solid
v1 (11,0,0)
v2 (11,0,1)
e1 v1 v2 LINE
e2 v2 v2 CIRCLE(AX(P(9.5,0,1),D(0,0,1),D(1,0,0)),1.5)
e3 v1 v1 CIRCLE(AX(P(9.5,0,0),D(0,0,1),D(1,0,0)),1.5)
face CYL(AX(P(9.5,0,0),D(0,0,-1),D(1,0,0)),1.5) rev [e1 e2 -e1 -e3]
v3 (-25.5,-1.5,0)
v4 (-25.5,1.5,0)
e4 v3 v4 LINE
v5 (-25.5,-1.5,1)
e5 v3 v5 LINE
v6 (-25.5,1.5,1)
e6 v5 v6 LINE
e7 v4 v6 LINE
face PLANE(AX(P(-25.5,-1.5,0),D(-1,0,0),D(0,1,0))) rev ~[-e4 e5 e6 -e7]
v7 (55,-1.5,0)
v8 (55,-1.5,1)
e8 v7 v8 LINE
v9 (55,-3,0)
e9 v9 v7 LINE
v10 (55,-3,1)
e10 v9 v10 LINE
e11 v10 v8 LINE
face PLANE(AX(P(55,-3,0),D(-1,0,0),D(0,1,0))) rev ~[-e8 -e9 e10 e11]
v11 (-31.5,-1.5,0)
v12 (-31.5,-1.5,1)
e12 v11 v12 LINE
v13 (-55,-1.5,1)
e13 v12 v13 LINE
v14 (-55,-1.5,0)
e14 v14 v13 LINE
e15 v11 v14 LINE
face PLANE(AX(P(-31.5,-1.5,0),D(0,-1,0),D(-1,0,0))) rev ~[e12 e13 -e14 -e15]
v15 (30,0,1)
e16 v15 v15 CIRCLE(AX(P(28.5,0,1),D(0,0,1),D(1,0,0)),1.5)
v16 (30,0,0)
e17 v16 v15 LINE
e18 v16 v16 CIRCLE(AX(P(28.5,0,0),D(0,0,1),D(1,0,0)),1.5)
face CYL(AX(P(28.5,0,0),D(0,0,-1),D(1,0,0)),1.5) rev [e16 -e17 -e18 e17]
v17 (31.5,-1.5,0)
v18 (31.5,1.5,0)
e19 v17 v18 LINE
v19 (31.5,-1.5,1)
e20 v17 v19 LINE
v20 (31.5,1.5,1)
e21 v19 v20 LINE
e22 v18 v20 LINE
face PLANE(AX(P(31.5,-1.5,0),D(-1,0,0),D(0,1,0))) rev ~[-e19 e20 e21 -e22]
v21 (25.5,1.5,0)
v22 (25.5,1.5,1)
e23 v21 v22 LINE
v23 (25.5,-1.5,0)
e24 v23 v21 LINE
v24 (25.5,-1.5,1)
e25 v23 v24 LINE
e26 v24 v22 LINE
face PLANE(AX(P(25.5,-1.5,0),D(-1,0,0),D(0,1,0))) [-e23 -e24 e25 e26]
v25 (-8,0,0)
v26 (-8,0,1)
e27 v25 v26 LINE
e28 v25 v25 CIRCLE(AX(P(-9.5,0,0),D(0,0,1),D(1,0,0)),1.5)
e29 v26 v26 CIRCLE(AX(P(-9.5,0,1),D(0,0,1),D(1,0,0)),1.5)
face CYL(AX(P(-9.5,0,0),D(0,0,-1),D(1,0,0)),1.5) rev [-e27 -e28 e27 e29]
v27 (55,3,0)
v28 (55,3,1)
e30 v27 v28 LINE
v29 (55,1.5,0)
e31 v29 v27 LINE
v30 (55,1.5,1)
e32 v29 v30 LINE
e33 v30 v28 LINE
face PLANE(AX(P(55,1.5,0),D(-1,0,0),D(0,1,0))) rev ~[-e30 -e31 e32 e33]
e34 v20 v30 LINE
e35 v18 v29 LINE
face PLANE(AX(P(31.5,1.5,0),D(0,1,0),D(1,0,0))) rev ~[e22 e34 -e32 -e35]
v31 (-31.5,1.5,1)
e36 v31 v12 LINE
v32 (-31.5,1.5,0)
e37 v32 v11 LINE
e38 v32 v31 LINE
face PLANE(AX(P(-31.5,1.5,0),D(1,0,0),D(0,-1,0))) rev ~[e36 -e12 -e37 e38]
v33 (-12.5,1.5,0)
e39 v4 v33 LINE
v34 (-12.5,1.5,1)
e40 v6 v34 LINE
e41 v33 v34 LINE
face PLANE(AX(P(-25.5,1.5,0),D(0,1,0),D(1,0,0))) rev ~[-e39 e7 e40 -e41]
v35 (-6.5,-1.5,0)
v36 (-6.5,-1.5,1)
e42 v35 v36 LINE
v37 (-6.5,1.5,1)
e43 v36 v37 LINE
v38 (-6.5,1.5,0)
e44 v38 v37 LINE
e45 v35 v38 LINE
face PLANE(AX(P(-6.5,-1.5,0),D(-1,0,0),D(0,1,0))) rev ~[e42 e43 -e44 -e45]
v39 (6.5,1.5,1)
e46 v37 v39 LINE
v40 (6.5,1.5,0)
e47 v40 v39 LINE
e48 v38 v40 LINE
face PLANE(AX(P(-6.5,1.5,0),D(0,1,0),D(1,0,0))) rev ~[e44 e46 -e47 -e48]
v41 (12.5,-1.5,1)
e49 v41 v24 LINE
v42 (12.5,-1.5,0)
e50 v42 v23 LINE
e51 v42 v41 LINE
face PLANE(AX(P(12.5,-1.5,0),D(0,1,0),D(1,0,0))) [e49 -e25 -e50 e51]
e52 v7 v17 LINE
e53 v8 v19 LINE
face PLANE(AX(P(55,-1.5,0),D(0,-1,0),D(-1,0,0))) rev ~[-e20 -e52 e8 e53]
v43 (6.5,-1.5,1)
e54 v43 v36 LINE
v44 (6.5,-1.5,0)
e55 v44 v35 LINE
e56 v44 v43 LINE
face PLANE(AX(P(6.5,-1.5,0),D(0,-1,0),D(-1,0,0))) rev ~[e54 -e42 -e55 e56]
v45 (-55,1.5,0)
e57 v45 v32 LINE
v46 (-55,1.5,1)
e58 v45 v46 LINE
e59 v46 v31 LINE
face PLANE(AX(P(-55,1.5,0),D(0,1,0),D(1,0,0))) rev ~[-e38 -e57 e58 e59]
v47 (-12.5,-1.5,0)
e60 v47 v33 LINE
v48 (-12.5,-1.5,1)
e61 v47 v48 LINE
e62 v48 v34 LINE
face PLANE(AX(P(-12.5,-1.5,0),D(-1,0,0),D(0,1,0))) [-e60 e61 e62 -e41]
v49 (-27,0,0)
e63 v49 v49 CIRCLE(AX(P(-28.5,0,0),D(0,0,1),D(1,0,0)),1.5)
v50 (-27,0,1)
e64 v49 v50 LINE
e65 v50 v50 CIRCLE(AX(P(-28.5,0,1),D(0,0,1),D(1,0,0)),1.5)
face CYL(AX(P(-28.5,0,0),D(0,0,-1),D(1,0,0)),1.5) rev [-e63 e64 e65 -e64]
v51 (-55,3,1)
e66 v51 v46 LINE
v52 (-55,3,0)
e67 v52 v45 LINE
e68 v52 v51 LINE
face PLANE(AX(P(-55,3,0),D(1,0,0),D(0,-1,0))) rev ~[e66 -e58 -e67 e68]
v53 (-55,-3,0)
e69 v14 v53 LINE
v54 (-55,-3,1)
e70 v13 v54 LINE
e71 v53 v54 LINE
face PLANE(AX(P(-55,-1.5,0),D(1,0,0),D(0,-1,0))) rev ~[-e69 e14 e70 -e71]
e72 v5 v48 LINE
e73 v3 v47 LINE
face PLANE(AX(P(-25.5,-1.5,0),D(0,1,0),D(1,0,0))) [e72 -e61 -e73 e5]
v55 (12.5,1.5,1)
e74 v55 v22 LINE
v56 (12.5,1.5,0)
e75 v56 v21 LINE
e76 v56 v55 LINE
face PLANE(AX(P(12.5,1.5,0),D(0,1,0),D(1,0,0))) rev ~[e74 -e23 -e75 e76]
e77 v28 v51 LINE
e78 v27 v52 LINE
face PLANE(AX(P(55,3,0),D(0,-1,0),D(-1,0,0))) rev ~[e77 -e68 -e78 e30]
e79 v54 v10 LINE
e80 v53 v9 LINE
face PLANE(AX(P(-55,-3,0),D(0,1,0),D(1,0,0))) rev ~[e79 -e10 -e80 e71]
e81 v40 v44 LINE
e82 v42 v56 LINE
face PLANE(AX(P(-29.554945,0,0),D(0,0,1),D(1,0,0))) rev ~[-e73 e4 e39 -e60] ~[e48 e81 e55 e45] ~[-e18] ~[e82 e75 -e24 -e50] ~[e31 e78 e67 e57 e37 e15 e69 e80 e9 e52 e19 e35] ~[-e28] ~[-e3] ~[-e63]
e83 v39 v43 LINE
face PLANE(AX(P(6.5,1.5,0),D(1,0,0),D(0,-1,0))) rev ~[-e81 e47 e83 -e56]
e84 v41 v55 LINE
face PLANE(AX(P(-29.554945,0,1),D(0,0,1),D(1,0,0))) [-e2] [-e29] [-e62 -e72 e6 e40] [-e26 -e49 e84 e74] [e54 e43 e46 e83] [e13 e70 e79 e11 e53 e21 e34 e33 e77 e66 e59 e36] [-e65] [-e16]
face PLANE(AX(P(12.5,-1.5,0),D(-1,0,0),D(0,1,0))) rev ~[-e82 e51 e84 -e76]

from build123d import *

# Parameters (mm, degrees)
F0_R     = 1.5
F0_W     = 13
F0_H     = 3
F1_DEPTH = 1


with BuildPart() as f1:
    # F0 (on Top) → F1 (new body)
    with BuildSketch(Plane.XY):
        Polygon((0, 1.5), (0, 3), (-55, 3), (-55, 1.5), (-31.5, 1.5), (-31.5, -1.5), (-55, -1.5), (-55, -3), (0, -3), (0, -1.5), (-6.5, -1.5), (-6.5, 1.5), align=None)
        with Locations((-28.5, 0)):
            Circle(F0_R, mode=Mode.SUBTRACT)
        with Locations((-19, 0)):
            Rectangle(F0_W, F0_H, mode=Mode.SUBTRACT)
        with Locations((-9.5, 0)):
            Circle(F0_R, mode=Mode.SUBTRACT)
        Polygon((55, 3), (0, 3), (0, 1.5), (6.5, 1.5), (6.5, -1.5), (0, -1.5), (0, -3), (55, -3), (55, -1.5), (31.5, -1.5), (31.5, 1.5), (55, 1.5), align=None)
        with Locations((9.5, 0)):
            Circle(F0_R, mode=Mode.SUBTRACT)
        with Locations((19, 0)):
            Rectangle(F0_W, F0_H, mode=Mode.SUBTRACT)
        with Locations((28.5, 0)):
            Circle(F0_R, mode=Mode.SUBTRACT)
    extrude(amount=F1_DEPTH)


solid = f1.part
